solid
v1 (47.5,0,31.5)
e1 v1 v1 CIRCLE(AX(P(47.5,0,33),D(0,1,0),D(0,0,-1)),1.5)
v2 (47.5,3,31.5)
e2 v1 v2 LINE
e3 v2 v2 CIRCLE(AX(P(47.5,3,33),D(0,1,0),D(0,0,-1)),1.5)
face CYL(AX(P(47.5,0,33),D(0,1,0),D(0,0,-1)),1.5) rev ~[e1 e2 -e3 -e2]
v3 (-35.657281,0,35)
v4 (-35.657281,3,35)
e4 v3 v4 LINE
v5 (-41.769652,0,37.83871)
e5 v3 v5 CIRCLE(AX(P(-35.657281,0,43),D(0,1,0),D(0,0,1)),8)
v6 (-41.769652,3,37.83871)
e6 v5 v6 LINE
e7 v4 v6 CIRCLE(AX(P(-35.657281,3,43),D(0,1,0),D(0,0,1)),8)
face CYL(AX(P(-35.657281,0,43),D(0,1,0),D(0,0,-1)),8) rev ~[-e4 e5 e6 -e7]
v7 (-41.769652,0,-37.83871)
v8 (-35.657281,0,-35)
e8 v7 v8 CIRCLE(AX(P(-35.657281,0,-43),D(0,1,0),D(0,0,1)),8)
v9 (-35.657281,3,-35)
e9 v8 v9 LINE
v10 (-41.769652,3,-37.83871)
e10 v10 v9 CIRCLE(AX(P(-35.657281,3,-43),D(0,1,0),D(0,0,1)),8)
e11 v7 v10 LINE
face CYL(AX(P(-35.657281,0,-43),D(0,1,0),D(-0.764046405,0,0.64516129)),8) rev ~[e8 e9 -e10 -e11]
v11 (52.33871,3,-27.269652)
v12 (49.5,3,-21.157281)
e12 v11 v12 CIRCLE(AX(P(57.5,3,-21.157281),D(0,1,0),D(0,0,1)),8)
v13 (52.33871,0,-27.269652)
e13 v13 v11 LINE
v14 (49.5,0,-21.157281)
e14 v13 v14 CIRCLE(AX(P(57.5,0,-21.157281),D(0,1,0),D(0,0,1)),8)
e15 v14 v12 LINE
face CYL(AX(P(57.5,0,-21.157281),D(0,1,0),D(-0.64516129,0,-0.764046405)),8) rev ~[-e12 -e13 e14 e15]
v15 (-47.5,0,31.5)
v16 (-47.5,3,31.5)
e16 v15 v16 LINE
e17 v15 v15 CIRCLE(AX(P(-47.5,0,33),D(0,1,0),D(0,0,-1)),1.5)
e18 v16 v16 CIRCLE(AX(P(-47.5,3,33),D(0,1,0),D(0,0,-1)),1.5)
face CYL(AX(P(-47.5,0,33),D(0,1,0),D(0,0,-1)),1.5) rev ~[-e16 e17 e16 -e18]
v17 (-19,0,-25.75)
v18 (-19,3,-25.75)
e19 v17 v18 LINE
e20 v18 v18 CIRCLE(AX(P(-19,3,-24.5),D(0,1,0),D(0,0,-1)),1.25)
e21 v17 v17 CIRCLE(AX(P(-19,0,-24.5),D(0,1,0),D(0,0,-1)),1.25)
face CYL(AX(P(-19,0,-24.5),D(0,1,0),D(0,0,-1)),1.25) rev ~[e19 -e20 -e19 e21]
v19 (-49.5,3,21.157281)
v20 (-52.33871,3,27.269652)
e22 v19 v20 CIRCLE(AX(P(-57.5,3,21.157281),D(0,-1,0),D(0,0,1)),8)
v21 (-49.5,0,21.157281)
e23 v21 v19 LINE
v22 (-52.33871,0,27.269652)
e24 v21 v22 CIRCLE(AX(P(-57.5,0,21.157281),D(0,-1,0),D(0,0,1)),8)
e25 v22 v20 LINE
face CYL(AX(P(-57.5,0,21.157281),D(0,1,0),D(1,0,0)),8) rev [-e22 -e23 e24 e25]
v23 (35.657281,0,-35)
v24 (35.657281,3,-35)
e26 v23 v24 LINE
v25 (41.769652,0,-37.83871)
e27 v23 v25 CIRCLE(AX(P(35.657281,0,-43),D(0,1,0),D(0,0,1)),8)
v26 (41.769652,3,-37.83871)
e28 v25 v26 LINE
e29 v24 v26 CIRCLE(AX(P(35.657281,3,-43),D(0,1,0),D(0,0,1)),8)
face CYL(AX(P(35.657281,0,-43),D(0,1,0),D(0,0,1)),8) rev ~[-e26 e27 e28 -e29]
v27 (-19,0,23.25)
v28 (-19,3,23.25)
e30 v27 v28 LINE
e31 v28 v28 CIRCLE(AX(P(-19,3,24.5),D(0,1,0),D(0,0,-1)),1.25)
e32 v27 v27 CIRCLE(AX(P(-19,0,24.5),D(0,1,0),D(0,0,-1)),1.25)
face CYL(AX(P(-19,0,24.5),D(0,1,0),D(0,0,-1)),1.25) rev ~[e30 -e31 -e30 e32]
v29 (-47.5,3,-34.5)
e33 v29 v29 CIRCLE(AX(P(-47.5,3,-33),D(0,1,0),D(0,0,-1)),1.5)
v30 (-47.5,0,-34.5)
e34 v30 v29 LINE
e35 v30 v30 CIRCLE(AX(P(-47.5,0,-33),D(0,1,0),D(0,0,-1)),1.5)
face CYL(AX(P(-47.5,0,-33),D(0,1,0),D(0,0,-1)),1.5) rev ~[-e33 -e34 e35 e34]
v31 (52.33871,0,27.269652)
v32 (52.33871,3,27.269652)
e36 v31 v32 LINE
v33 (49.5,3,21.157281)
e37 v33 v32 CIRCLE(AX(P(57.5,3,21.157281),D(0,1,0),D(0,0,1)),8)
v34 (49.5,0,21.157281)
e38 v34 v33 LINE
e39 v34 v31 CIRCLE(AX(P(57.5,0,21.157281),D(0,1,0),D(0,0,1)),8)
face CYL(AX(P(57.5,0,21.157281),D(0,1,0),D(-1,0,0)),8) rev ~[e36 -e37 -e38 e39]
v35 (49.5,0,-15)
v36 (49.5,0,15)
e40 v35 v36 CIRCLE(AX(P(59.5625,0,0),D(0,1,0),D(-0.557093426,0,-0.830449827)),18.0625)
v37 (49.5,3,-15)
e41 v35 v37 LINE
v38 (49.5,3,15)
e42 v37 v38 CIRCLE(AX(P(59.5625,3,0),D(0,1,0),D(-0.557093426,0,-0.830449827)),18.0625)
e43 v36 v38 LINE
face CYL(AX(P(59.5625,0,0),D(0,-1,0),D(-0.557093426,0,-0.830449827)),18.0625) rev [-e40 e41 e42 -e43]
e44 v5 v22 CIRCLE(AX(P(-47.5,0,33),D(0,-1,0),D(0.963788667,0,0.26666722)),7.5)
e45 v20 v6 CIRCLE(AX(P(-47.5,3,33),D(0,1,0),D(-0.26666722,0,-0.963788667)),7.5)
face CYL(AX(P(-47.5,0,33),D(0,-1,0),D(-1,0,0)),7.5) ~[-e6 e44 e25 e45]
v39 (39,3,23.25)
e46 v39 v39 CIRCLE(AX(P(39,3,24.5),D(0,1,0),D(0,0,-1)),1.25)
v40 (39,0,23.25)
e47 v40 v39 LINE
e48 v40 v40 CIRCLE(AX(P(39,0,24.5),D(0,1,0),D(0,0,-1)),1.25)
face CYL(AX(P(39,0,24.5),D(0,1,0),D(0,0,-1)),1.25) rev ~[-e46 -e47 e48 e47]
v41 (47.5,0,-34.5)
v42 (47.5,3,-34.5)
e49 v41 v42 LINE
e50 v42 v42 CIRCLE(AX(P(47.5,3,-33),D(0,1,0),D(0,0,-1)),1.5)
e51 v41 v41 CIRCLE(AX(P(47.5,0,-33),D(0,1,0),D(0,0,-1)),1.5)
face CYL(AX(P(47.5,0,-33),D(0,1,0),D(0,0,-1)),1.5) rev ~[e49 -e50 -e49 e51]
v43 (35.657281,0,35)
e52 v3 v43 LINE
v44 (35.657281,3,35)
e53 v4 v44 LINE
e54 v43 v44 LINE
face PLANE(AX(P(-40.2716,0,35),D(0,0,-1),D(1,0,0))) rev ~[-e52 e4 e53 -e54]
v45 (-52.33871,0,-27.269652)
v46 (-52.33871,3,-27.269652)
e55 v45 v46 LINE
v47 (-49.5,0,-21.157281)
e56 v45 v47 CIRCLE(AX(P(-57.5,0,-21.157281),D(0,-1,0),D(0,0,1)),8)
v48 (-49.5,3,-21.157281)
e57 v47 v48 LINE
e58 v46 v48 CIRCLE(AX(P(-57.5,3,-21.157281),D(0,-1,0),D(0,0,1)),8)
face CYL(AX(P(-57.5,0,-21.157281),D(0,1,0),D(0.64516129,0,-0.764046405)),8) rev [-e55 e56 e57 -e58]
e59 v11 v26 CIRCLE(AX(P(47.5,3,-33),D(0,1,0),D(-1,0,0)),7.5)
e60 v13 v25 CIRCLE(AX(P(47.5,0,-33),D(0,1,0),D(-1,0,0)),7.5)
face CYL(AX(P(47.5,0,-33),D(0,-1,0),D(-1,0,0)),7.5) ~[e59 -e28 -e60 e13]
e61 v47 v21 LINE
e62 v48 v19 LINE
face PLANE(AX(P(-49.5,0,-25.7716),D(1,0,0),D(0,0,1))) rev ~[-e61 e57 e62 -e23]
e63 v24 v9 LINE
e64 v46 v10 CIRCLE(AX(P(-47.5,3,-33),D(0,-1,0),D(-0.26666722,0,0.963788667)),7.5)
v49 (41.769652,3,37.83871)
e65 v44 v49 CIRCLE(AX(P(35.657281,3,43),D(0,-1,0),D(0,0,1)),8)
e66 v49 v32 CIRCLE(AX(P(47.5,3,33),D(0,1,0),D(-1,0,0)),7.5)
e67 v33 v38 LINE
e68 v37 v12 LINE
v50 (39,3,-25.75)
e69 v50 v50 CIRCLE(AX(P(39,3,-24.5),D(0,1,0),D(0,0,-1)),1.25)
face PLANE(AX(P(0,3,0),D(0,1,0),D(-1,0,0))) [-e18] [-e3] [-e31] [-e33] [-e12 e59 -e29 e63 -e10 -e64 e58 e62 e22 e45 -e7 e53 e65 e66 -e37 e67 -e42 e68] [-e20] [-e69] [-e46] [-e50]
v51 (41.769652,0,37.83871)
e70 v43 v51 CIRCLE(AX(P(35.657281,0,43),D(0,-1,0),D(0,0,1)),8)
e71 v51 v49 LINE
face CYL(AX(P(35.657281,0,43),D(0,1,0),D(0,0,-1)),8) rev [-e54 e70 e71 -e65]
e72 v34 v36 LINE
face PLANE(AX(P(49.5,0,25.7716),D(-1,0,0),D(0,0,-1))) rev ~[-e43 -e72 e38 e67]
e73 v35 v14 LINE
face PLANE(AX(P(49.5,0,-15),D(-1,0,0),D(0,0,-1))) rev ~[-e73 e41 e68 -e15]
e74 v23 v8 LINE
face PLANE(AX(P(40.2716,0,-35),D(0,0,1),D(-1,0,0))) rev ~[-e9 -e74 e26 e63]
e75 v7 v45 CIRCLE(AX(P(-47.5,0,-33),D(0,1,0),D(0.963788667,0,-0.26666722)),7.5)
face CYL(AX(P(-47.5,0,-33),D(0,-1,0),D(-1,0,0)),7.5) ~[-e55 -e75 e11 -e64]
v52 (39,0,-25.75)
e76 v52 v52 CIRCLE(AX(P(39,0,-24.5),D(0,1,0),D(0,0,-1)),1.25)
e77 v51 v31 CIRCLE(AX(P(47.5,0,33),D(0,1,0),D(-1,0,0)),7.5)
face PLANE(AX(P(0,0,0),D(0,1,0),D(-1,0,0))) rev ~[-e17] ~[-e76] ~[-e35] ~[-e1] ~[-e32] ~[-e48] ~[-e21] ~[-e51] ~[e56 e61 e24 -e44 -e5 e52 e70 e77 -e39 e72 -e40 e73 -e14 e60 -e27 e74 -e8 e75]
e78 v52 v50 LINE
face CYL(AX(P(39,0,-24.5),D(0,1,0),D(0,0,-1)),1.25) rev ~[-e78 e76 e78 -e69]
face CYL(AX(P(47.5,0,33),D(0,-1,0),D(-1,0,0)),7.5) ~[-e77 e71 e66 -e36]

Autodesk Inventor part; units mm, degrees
ref_plane "YZ Plane" through (0, 0, 0) normal (1, 0, 0) x (0, 1, 0)
ref_plane "XZ Plane" through (0, 0, 0) normal (0, 1, 0) x (-1, 0, 0)
ref_plane "XY Plane" through (0, 0, 0) normal (0, 0, 1) x (1, 0, 0)
sketch "Sketch1" plane through (0, 0, 0) normal (0, 1, 0) x (-1, 0, 0)
  line L0 (-39, -24.5) -> (19, -24.5) construction
  line L1 (19, -24.5) -> (19, 24.5) construction
  line L2 (19, 24.5) -> (-39, 24.5) construction
  line L3 (-39, 24.5) -> (-39, -24.5) construction
  line L4 (42.5, -28) -> (-42.5, -28) construction
  line L5 (-42.5, -28) -> (-42.5, 28) construction
  line L6 (-42.5, 28) -> (42.5, 28) construction
  line L7 (42.5, 28) -> (42.5, -28) construction
  line L8 (50, 0) -> (-50, 0) construction
  line L9 (47.5, -33) -> (-47.5, -33) construction
  line L10 (-47.5, -33) -> (-47.5, 33) construction
  line L11 (-47.5, 33) -> (47.5, 33) construction
  line L12 (47.5, 33) -> (47.5, -33) construction
  circle A0 centre (47.5, -33) radius 7.5
  circle A1 centre (47.5, 33) radius 7.5
  circle A2 centre (-47.5, 33) radius 7.5
  circle A3 centre (-47.5, -33) radius 7.5
  line L13 (49.5, -25.7716) -> (49.5, 25.7716)
  line L14 (40.2716, 35) -> (-40.2716, 35)
  line L15 (-49.5, 25.7716) -> (-49.5, -25.7716)
  line L16 (-40.2716, -35) -> (40.2716, -35)
  arc A4 (-49.5, -15) -> (-49.5, 15) centre (-59.5625, 0) ccw
  point P0 (0, 0)
  point P1 (-39, 0)
  point P2 (0, 0)
  point P3 (0, -28)
  point P4 (0, 0)
  point P5 (0, -33)
  point P6 (-47.5, 0)
  point P7 (-41.5, 0)
  dimension "d0" = 58
  dimension "d1" = 49
  dimension "d2" = 3.5
  dimension "d3" = 3.5
  dimension "d25" = 5
  dimension "d26" = 5
  dimension "d27" = 15
  dimension "d28" = 85
  dimension "d29" = 2
  dimension "d30" = 2
  dimension "d32" = 30
  dimension "d33" = 8
extrude "Extrusion1" add sketch "Sketch1" along normal blind 3 contours A0 | A0 L16 A3 L15 A4 A2 L14 A1 L13 | A1 | A3 | A2
fillet "Fillet2" radius 8 8 edges at (-49.5, 1.5, -25.7716) (-49.5, 1.5, 25.7716) (-40.2716, 1.5, 35) (40.2716, 1.5, 35) (49.5, 1.5, 25.7716) (49.5, 1.5, -25.7716) (40.2716, 1.5, -35) (-40.2716, 1.5, -35)
hole "Hole1" at (-47.5, 0, 33) at (-47.5, 0, -33) at (47.5, 0, -33) at (47.5, 0, 33) direction (0, 1, 0) diameter 3 end through all
hole "Hole2" at (-19, 0, 24.5) at (-19, 0, -24.5) at (39, 0, -24.5) at (39, 0, 24.5) direction (0, 1, 0) diameter 2.5 end through all
sketch "Sketch3" plane through (0, 3, 0) normal (0, 1, 0) x (1, 0, 0)
  circle A0 centre (39, 24.5) radius 1.25 projected
  circle A1 centre (-19, -24.5) radius 1.25 projected
  circle A2 centre (-19, 24.5) radius 1.25 projected
  circle A3 centre (39, -24.5) radius 1.25 projected
  circle A4 centre (47.5, 33) radius 1.5 projected
  circle A5 centre (-47.5, -33) radius 1.5 projected
  circle A6 centre (-47.5, 33) radius 1.5 projected
  circle A7 centre (47.5, -33) radius 1.5 projected
  line L0 (49.5, 15) -> (49.5, 21.1573) projected
  arc A8 (52.3387, 27.2697) -> (49.5, 21.1573) centre (57.5, 21.1573) ccw projected
  arc A9 (52.3387, 27.2697) -> (41.7697, 37.8387) centre (47.5, 33) ccw projected
  arc A10 (35.6573, 35) -> (41.7697, 37.8387) centre (35.6573, 43) ccw projected
  line L1 (35.6573, 35) -> (-35.6573, 35) projected
  arc A11 (-41.7697, 37.8387) -> (-35.6573, 35) centre (-35.6573, 43) ccw projected
  arc A12 (-41.7697, 37.8387) -> (-52.3387, 27.2697) centre (-47.5, 33) ccw projected
  arc A13 (-49.5, 21.1573) -> (-52.3387, 27.2697) centre (-57.5, 21.1573) ccw projected
  line L2 (-49.5, 21.1573) -> (-49.5, -21.1573) projected
  arc A14 (-52.3387, -27.2697) -> (-49.5, -21.1573) centre (-57.5, -21.1573) ccw projected
  arc A15 (-52.3387, -27.2697) -> (-41.7697, -37.8387) centre (-47.5, -33) ccw projected
  arc A16 (-35.6573, -35) -> (-41.7697, -37.8387) centre (-35.6573, -43) ccw projected
  line L3 (-35.6573, -35) -> (35.6573, -35) projected
  arc A17 (41.7697, -37.8387) -> (35.6573, -35) centre (35.6573, -43) ccw projected
  arc A18 (41.7697, -37.8387) -> (52.3387, -27.2697) centre (47.5, -33) ccw projected
  arc A19 (49.5, -21.1573) -> (52.3387, -27.2697) centre (57.5, -21.1573) ccw projected
  line L4 (49.5, -21.1573) -> (49.5, -15) projected
  arc A20 (49.5, 15) -> (49.5, -15) centre (59.5625, 0) ccw projected
  point P0 (0, 0)
equation "\"d3\" = d2"
equation "\"d26\" = d25"
equation "\"d30\" = d29"
properties part number "plate_mounting"
